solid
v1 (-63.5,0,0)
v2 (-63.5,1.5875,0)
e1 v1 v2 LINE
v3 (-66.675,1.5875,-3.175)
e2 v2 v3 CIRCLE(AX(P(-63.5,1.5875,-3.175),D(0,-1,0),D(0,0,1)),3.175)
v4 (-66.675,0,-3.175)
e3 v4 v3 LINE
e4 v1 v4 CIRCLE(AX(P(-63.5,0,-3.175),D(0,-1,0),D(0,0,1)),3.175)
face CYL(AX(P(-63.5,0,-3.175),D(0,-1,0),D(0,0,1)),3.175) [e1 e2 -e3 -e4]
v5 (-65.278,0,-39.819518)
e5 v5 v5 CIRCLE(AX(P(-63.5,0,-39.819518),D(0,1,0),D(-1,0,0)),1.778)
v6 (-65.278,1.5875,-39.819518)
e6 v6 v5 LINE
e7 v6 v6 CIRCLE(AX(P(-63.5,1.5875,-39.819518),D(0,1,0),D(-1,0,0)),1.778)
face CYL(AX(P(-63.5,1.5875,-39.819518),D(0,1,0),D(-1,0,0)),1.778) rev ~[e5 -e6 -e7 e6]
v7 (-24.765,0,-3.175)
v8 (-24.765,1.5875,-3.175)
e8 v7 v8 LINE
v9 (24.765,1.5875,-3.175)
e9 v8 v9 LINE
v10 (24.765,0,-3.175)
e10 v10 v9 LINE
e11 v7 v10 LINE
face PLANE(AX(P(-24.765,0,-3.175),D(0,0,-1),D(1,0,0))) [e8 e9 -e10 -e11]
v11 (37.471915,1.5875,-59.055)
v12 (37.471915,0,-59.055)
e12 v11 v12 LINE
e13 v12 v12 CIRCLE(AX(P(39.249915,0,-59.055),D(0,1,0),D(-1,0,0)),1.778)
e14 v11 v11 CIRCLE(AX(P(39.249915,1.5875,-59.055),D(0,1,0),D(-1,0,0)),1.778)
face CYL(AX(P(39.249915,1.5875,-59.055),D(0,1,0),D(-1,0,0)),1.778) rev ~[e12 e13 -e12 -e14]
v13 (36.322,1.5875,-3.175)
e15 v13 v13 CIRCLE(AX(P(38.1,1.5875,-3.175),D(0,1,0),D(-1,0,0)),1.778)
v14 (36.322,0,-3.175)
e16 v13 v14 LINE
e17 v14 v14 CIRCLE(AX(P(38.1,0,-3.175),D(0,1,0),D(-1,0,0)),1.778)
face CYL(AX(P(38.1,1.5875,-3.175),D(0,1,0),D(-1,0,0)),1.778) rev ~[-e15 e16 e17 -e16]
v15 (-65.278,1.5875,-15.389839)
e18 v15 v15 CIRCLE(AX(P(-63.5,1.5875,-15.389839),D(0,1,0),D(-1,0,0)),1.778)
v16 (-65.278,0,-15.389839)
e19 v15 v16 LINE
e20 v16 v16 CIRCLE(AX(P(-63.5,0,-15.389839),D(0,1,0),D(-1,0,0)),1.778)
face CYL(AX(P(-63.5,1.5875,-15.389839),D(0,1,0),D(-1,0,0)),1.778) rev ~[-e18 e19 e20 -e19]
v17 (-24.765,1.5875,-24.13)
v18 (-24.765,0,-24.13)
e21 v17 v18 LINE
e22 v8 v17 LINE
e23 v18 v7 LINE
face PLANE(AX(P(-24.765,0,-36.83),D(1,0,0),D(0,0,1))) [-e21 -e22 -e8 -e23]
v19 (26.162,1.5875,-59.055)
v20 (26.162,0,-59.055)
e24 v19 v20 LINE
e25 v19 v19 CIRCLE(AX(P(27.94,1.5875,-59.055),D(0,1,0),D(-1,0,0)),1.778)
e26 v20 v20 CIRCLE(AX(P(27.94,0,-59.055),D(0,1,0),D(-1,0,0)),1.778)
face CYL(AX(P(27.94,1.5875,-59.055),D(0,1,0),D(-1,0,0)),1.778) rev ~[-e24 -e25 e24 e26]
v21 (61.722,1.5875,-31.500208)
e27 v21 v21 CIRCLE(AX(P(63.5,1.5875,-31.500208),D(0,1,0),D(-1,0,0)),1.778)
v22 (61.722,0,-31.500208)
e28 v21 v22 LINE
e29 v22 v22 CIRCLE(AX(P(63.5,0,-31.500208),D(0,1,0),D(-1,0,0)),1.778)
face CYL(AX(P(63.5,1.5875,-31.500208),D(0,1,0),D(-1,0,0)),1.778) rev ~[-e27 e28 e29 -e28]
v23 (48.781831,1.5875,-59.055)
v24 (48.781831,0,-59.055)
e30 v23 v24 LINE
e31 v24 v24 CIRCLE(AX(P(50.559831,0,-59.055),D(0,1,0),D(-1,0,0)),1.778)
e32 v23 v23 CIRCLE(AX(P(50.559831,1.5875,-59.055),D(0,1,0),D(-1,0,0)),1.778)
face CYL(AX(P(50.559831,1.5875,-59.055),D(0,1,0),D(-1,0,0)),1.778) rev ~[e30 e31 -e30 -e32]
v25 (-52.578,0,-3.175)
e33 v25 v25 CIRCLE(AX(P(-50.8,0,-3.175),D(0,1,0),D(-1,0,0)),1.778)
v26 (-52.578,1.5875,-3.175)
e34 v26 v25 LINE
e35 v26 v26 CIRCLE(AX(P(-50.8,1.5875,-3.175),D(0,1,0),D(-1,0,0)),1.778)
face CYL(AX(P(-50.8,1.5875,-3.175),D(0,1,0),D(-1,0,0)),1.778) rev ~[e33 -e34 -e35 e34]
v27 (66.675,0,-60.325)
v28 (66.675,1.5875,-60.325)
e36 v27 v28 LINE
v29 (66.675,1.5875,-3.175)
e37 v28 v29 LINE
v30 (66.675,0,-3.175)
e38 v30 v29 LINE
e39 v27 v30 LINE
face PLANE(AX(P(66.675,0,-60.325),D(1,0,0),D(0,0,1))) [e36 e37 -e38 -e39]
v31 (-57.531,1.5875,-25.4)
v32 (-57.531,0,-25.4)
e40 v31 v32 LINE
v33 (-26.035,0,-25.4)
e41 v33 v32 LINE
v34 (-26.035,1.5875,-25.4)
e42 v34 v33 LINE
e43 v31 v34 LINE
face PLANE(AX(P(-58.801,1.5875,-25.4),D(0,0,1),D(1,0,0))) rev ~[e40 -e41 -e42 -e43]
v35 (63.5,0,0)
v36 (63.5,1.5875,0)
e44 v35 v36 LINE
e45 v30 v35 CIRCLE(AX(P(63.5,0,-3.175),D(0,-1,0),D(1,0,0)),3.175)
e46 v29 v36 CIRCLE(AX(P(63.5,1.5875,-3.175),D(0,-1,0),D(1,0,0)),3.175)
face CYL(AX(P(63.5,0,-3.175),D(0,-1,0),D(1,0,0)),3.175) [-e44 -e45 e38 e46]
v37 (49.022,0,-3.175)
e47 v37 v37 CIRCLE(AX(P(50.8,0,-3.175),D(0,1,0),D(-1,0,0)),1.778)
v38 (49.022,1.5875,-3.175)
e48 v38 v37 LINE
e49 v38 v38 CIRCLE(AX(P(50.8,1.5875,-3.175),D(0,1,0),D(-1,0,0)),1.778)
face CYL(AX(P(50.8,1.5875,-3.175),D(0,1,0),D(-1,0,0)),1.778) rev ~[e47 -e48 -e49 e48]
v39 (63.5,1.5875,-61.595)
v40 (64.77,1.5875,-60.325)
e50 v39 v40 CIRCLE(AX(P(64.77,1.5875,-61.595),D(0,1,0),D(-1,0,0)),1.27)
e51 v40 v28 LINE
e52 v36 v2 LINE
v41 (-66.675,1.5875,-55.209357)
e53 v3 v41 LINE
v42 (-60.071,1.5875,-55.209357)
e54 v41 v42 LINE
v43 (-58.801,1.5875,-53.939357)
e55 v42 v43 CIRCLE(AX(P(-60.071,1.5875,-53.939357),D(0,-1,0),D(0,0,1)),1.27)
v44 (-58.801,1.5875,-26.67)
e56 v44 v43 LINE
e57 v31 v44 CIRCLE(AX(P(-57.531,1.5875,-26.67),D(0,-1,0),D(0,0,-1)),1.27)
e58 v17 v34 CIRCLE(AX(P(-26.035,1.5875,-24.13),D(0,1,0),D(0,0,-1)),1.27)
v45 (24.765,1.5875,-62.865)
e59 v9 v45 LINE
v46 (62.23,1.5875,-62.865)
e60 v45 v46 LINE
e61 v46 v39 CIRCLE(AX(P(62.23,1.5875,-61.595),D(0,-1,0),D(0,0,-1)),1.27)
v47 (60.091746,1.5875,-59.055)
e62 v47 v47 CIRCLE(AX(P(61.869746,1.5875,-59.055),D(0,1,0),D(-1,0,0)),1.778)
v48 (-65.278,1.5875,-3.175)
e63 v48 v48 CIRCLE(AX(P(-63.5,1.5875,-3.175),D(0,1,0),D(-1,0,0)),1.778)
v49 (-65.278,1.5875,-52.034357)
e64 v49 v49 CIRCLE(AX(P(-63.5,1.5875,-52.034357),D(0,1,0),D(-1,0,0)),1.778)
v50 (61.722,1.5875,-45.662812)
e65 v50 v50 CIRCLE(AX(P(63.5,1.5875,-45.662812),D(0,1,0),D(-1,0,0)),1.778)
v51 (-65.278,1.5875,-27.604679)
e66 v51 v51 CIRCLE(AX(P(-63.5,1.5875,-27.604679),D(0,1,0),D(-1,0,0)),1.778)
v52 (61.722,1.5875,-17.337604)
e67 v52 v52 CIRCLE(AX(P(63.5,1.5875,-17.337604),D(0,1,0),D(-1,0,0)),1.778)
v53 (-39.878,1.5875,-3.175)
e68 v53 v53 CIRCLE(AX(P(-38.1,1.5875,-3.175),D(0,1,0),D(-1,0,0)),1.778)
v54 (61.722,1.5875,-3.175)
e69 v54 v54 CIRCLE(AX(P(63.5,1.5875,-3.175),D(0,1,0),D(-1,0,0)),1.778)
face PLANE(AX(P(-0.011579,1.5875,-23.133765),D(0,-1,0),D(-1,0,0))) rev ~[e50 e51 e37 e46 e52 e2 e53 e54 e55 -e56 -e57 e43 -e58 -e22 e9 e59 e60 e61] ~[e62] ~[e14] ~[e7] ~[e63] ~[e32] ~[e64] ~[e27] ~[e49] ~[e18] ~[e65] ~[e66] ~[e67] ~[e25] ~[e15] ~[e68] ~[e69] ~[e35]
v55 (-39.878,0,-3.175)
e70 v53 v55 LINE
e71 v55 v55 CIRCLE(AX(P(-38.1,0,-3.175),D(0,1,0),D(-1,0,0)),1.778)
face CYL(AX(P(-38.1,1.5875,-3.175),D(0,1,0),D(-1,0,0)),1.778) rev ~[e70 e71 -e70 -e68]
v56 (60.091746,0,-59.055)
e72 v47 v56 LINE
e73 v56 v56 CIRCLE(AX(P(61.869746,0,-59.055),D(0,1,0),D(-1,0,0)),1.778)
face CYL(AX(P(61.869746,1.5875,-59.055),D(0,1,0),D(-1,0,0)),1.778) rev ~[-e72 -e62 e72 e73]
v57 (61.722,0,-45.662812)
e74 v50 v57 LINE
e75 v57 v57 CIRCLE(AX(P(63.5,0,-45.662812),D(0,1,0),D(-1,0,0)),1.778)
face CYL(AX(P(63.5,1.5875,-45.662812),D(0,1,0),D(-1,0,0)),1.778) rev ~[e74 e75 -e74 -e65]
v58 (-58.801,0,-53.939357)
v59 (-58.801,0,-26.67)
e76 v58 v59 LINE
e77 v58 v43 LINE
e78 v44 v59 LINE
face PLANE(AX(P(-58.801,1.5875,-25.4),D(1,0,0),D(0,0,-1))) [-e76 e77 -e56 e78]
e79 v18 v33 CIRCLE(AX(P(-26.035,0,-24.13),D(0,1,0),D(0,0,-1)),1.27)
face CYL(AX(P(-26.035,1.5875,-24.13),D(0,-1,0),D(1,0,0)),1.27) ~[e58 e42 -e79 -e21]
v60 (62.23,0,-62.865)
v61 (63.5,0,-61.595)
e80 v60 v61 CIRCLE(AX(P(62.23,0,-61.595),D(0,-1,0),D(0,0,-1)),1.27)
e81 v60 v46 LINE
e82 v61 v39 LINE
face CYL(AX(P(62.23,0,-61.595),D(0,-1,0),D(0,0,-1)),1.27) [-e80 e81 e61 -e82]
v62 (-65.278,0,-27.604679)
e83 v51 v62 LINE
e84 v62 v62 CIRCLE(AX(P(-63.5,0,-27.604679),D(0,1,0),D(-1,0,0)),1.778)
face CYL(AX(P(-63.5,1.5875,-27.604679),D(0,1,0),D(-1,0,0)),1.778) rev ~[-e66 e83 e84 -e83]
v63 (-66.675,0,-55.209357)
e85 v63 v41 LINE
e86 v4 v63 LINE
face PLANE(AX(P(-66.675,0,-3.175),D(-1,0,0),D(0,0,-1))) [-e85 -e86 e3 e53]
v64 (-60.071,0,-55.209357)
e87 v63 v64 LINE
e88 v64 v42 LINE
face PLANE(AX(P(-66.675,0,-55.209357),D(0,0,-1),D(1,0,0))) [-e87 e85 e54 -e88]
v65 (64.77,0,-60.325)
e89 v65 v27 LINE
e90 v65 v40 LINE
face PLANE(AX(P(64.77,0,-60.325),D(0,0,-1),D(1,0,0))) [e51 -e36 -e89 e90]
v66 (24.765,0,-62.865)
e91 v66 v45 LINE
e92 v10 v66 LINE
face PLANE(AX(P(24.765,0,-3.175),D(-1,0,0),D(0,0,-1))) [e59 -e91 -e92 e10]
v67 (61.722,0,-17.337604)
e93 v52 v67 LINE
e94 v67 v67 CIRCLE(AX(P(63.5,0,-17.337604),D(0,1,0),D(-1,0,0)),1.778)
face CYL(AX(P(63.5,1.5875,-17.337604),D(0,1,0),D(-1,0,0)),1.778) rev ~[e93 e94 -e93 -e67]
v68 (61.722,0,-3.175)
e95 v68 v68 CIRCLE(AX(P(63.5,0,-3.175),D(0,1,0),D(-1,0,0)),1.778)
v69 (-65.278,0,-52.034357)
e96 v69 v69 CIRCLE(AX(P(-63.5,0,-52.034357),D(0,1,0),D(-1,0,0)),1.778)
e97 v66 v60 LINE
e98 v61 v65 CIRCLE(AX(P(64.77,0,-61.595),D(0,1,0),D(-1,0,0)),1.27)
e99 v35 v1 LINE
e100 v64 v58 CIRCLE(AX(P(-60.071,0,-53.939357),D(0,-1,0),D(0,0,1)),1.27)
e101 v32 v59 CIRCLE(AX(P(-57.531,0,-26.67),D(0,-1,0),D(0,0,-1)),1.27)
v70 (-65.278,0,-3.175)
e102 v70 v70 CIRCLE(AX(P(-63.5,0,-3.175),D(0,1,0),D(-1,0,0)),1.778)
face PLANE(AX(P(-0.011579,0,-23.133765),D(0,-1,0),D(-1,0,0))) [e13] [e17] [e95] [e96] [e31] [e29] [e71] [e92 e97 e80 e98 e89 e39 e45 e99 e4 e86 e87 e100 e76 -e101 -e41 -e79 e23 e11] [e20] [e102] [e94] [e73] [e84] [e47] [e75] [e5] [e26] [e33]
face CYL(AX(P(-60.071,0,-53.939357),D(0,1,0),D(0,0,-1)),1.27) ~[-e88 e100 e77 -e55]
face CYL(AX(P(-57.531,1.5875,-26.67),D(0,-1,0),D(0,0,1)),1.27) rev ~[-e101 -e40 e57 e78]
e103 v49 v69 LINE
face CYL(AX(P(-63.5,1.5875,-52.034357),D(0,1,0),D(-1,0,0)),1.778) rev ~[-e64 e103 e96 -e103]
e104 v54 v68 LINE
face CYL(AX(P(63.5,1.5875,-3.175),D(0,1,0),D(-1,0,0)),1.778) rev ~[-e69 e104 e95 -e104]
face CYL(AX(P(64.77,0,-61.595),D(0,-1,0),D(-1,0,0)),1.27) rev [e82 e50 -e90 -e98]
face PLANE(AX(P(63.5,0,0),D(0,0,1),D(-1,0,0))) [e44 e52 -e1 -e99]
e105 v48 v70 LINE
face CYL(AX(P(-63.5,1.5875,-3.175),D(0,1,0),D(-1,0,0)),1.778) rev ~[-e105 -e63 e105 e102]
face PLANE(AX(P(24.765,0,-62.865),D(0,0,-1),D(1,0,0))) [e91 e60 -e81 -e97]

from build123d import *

# Parameters (mm, degrees)
BOSS_EXTRUDE1_DEPTH     = 1.5875
SKETCH2_R               = 1.778
CUT_EXTRUDE1_DEPTH      = 1
CUT_EXTRUDE1_DEPTH_BACK = 2.5875
FILLET1_R               = 1.27
SKETCH3_W               = 34.036
SKETCH3_H               = 12.7
CUT_EXTRUDE2_DEPTH      = 1
CUT_EXTRUDE2_DEPTH_BACK = 2.5875
FILLET2_R               = 1.27


with BuildPart() as part:
    # Sketch1 → Boss-Extrude1 (new body)
    with BuildSketch(Plane(origin=(0, 0, 0), x_dir=(1, 0, 0), z_dir=(0, 1, 0))):
        with BuildLine():
            Line((-66.675, 3.175), (-66.675, 55.209357386))
            Line((-66.675, 55.209357386), (-58.801, 55.209357386))
            Line((-58.801, 55.209357386), (-58.801, 36.83))
            Line((-58.801, 36.83), (-24.765, 36.83))
            Line((-24.765, 36.83), (-24.765, 3.175))
            Line((-24.765, 3.175), (24.765, 3.175))
            Line((24.765, 3.175), (24.765, 62.865))
            Line((24.765, 62.865), (62.23, 62.865))
            ThreePointArc((62.23, 62.865), (63.128025612, 62.493025612), (63.5, 61.595))
            ThreePointArc((63.5, 61.595), (63.871974388, 60.696974388), (64.77, 60.325))
            Line((64.77, 60.325), (66.675, 60.325))
            Line((66.675, 60.325), (66.675, 3.175))
            ThreePointArc((66.675, 3.175), (65.74506403, 0.92993597), (63.5, 0))
            Line((63.5, 0), (-63.5, 0))
            ThreePointArc((-63.5, 0), (-65.74506403, 0.92993597), (-66.675, 3.175))
        make_face()
    extrude(amount=BOSS_EXTRUDE1_DEPTH)

    # Sketch2 → Cut-Extrude1 (cut, two sides)
    with BuildSketch(Plane(origin=(0, 1.5875, 0), x_dir=(-1, 0, 0), z_dir=(0, 1, 0))) as cut_extrude1_sk:
        with Locations((63.5, -3.175)):
            Circle(SKETCH2_R)
        with Locations((50.8, -3.175)):
            Circle(SKETCH2_R)
        with Locations((38.1, -3.175)):
            Circle(SKETCH2_R)
        with Locations((-38.1, -3.175)):
            Circle(SKETCH2_R)
        with Locations((-50.8, -3.175)):
            Circle(SKETCH2_R)
        with Locations((-63.5, -3.175)):
            Circle(SKETCH2_R)
        with Locations((63.5, -15.389839347)):
            Circle(SKETCH2_R)
        with Locations((63.5, -27.604678693)):
            Circle(SKETCH2_R)
        with Locations((63.5, -39.81951804)):
            Circle(SKETCH2_R)
        with Locations((63.5, -52.034357386)):
            Circle(SKETCH2_R)
        with Locations((-63.5, -17.337603912)):
            Circle(SKETCH2_R)
        with Locations((-63.5, -31.500207823)):
            Circle(SKETCH2_R)
        with Locations((-63.5, -45.662811735)):
            Circle(SKETCH2_R)
        with Locations((-61.869746345, -59.055)):
            Circle(SKETCH2_R)
        with Locations((-50.559830897, -59.055)):
            Circle(SKETCH2_R)
        with Locations((-39.249915448, -59.055)):
            Circle(SKETCH2_R)
        with Locations((-27.94, -59.055)):
            Circle(SKETCH2_R)
    extrude(amount=CUT_EXTRUDE1_DEPTH, mode=Mode.SUBTRACT)
    extrude(cut_extrude1_sk.sketch, amount=-CUT_EXTRUDE1_DEPTH_BACK, mode=Mode.SUBTRACT)

    # Fillet1
    fillet1_edges = [part.edges().sort_by_distance(p)[0] for p in [
        (-58.801, 0.79375, -55.209357386),
        (-58.801, 0.79375, -36.83),
        (-24.765, 0.79375, -36.83),
    ]]
    fillet(fillet1_edges, radius=FILLET1_R)

    # Sketch3 → Cut-Extrude2 (cut, two sides)
    with BuildSketch(Plane(origin=(0, 1.5875, 0), x_dir=(1, 0, 0), z_dir=(0, 1, 0))) as cut_extrude2_sk:
        with Locations((-41.783, 31.75)):
            Rectangle(SKETCH3_W, SKETCH3_H)
    extrude(amount=CUT_EXTRUDE2_DEPTH, mode=Mode.SUBTRACT)
    extrude(cut_extrude2_sk.sketch, amount=-CUT_EXTRUDE2_DEPTH_BACK, mode=Mode.SUBTRACT)

    # Fillet2
    fillet2_edges = [part.edges().sort_by_distance(p)[0] for p in [
        (-24.765, 0.79375, -25.4),
        (-58.801, 0.79375, -25.4),
    ]]
    fillet(fillet2_edges, radius=FILLET2_R)


solid = part.part
